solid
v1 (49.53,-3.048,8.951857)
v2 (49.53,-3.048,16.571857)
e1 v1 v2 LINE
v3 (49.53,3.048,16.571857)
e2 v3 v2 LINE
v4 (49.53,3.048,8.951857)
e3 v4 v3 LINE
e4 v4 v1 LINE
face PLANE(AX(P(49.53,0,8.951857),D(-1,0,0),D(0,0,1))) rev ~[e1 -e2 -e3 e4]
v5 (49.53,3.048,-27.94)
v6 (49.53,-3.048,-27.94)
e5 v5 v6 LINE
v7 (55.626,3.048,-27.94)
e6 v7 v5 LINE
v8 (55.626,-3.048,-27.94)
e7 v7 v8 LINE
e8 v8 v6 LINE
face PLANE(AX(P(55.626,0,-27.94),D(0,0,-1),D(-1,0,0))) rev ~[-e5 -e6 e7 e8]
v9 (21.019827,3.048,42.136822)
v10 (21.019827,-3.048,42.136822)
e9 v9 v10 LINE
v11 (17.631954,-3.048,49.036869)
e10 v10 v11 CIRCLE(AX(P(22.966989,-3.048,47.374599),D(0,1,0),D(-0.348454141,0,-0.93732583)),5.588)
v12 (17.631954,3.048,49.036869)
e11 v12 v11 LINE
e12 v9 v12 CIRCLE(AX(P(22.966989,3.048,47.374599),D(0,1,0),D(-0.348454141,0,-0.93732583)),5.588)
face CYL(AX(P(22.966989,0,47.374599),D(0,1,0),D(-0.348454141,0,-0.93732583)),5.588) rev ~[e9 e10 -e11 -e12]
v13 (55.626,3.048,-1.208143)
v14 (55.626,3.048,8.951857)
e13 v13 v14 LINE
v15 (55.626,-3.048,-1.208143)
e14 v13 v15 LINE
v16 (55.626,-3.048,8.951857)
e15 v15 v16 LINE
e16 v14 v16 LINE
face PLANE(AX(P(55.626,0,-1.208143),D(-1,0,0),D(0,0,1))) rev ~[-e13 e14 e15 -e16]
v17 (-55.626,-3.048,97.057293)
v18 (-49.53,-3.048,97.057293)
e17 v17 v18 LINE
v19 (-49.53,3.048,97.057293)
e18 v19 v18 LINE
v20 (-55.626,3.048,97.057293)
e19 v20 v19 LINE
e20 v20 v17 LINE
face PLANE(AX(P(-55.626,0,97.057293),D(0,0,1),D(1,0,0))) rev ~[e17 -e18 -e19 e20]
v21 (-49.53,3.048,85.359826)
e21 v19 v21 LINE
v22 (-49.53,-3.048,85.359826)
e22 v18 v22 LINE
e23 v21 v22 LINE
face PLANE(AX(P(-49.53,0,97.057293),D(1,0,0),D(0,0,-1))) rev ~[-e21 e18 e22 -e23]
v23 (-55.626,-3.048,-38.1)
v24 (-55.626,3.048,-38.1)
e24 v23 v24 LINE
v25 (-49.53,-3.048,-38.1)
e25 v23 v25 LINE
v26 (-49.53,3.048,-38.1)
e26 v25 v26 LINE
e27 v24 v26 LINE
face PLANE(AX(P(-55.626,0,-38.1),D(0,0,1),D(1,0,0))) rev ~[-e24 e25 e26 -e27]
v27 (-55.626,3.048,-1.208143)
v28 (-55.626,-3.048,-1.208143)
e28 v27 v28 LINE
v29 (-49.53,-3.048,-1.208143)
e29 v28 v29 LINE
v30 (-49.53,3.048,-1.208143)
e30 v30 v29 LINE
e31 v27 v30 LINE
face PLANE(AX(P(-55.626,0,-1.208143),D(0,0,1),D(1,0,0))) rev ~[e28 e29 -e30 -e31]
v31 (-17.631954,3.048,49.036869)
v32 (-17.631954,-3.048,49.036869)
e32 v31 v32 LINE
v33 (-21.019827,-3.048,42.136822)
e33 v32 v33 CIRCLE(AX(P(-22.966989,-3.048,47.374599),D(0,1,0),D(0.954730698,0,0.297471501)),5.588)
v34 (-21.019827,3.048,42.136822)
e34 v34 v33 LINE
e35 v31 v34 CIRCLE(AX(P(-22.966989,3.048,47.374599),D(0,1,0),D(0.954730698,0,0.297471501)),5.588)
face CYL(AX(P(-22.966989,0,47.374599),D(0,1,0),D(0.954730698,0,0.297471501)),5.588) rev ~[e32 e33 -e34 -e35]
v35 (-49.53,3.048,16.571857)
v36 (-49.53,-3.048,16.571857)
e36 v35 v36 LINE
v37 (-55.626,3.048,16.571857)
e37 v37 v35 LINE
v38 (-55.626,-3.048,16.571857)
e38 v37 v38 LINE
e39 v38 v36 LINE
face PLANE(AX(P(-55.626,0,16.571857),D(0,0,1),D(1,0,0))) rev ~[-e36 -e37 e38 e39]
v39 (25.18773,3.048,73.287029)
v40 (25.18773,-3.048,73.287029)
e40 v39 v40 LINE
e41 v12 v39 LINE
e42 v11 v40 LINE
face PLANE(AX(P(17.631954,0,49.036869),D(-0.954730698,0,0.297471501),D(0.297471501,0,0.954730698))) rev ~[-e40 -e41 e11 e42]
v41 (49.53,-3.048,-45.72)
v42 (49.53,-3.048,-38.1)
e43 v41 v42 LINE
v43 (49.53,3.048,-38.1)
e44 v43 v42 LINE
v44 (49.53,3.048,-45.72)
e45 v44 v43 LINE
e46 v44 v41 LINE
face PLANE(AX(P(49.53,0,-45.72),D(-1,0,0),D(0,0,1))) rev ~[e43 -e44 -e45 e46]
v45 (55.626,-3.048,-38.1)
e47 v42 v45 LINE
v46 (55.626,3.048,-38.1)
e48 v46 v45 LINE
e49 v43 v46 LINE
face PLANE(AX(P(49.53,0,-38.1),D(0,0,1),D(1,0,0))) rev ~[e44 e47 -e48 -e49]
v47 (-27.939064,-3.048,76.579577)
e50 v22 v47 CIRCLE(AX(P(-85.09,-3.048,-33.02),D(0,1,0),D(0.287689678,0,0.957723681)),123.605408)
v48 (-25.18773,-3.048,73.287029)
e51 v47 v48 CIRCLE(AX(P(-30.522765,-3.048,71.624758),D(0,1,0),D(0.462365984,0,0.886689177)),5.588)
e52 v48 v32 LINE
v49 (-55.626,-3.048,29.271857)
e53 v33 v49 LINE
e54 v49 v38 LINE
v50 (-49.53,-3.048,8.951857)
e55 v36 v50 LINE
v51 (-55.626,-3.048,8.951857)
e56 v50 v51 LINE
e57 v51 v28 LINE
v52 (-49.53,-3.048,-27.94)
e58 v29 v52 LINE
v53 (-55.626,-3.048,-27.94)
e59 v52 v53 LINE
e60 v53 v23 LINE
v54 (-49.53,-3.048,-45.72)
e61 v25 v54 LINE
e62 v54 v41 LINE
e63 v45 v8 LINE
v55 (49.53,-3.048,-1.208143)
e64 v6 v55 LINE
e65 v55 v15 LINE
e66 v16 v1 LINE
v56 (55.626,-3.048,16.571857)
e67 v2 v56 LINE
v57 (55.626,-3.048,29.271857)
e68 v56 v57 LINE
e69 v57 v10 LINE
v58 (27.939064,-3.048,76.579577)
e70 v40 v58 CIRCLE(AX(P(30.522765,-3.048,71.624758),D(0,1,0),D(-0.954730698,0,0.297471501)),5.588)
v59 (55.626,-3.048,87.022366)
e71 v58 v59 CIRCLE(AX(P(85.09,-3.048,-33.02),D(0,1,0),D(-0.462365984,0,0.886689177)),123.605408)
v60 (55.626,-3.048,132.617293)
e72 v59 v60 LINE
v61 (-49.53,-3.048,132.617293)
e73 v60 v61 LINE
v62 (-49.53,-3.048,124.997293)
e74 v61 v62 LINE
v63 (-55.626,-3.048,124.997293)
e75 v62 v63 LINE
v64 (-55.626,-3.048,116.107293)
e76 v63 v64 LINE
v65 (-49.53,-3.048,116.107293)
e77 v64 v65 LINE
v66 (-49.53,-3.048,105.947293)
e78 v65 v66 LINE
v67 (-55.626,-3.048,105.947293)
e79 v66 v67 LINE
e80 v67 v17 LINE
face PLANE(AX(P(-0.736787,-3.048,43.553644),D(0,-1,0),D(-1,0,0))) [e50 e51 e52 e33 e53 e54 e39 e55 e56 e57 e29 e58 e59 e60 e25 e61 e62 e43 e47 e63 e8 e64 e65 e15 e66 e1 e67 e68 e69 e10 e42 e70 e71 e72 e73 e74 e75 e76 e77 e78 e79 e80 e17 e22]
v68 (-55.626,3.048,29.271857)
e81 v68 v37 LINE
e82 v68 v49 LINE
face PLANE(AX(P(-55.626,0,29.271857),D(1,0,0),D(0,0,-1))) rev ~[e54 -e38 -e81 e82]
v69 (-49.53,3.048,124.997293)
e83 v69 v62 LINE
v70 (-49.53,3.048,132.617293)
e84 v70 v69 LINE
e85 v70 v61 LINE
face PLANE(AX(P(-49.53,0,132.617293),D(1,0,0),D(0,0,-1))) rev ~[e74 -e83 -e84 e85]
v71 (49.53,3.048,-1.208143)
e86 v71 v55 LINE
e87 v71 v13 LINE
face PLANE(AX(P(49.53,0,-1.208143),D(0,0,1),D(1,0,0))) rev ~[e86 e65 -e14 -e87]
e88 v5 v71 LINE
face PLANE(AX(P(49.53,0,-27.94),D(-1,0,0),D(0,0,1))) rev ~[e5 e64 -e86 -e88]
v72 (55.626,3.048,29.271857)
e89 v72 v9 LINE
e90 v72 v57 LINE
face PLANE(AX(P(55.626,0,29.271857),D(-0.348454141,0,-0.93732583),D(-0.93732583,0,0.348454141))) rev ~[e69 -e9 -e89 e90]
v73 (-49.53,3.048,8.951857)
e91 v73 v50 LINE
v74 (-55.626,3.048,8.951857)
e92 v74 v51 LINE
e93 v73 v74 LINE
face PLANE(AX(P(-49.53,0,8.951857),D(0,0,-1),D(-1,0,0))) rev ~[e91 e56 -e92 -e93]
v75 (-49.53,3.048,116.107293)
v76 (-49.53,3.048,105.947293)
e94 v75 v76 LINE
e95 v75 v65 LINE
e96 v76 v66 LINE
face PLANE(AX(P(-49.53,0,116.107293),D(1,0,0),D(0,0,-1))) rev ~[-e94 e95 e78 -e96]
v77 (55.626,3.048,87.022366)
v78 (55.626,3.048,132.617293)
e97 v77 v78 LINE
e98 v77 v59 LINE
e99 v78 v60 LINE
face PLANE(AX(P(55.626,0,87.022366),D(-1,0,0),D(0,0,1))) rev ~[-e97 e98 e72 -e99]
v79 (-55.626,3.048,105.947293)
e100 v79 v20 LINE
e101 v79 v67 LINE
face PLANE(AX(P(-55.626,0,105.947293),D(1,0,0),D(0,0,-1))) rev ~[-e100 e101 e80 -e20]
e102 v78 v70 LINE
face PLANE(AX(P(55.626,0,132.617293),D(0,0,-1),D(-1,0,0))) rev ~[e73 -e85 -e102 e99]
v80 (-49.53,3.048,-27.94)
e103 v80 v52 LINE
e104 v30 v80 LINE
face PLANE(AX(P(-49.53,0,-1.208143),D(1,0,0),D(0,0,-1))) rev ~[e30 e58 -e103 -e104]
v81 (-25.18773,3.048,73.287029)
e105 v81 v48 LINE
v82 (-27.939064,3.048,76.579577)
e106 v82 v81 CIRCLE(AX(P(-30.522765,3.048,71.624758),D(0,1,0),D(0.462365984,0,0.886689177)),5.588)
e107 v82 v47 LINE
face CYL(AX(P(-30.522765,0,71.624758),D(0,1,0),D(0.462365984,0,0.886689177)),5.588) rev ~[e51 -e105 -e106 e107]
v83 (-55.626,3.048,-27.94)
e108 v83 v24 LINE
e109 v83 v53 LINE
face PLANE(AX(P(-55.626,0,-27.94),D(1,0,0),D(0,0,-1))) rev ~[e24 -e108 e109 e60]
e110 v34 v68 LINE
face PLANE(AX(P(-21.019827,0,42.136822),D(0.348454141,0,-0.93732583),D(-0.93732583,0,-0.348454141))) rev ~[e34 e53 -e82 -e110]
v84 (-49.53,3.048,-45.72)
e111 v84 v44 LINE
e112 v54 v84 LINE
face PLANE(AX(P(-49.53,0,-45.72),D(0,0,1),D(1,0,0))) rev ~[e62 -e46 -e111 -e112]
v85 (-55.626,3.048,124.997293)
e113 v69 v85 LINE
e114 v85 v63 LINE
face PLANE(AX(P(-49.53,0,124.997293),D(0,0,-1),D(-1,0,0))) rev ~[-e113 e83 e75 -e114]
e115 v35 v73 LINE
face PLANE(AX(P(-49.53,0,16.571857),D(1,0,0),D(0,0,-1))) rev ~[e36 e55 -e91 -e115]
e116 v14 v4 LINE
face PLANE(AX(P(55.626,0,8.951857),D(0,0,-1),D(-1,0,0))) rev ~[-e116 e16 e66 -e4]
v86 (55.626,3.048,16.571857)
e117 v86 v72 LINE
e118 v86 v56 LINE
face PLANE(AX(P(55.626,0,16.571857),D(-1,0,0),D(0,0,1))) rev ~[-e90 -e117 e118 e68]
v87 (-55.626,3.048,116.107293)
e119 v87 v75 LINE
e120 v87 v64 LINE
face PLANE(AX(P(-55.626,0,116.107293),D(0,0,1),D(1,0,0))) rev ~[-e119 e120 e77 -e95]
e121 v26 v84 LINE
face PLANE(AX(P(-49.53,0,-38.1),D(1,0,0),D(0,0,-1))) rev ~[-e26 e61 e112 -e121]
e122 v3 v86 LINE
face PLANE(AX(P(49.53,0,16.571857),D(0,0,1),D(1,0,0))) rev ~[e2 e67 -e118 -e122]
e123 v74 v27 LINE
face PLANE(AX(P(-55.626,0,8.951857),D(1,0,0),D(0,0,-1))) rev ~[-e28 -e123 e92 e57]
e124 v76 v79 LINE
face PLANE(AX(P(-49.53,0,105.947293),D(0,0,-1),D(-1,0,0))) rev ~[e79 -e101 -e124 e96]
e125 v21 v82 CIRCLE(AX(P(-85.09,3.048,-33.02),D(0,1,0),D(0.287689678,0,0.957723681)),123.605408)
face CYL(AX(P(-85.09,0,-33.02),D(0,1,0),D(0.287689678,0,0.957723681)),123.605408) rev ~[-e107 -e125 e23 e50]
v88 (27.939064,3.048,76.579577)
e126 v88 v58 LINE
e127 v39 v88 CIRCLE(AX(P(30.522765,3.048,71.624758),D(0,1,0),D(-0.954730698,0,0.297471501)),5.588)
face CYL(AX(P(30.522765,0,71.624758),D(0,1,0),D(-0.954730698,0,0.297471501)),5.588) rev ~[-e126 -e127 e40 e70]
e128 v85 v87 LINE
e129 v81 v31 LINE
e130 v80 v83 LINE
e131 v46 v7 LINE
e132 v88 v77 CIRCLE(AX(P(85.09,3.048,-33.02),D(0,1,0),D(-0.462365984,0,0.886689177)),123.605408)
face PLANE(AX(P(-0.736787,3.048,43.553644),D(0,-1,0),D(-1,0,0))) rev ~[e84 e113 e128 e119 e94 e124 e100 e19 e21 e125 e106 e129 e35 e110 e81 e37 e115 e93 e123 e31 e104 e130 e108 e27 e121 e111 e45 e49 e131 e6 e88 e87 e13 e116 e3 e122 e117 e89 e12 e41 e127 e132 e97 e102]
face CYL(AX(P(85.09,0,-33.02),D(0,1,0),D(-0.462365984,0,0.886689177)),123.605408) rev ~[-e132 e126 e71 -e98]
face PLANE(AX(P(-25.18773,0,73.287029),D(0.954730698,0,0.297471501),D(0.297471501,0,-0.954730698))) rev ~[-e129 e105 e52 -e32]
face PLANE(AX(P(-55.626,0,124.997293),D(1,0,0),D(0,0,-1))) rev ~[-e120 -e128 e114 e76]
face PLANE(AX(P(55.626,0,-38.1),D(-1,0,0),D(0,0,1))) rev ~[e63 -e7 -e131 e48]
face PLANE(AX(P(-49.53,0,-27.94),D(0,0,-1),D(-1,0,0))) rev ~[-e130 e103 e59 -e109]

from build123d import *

# Parameters (mm, degrees)
BOSS_EXTRUDE1_DEPTH = 3.048


with BuildPart() as part:
    # Sketch1 → Boss-Extrude1 (new, symmetric)
    with BuildSketch(Plane(origin=(0, 0, 0), x_dir=(1, 0, 0), z_dir=(0, 1, 0))):
        with BuildLine():
            Line((-49.53, 45.72), (49.53, 45.72))
            Line((49.53, 45.72), (49.53, 38.1))
            Line((49.53, 38.1), (55.626, 38.1))
            Line((55.626, 38.1), (55.626, 27.94))
            Line((55.626, 27.94), (49.53, 27.94))
            Line((49.53, 27.94), (49.53, 1.208143374))
            Line((49.53, 1.208143374), (55.626, 1.208143374))
            Line((55.626, 1.208143374), (55.626, -8.951856626))
            Line((55.626, -8.951856626), (49.53, -8.951856626))
            Line((49.53, -8.951856626), (49.53, -16.571856626))
            Line((49.53, -16.571856626), (55.626, -16.571856626))
            Line((55.626, -16.571856626), (55.626, -29.271856626))
            Line((55.626, -29.271856626), (21.019827136, -42.136821893))
            ThreePointArc((21.019827136, -42.136821893), (17.95098831, -44.911778638), (17.631953735, -49.036869377))
            Line((17.631953735, -49.036869377), (25.187729856, -73.287029113))
            ThreePointArc((25.187729856, -73.287029113), (26.234780075, -75.207903536), (27.939063878, -76.579577488))
            ThreePointArc((27.939063878, -76.579577488), (41.468907088, -82.632484358), (55.626, -87.022365809))
            Line((55.626, -87.022365809), (55.626, -132.617292876))
            Line((55.626, -132.617292876), (-49.53, -132.617292876))
            Line((-49.53, -132.617292876), (-49.53, -124.997292876))
            Line((-49.53, -124.997292876), (-55.626, -124.997292876))
            Line((-55.626, -124.997292876), (-55.626, -116.107292876))
            Line((-55.626, -116.107292876), (-49.53, -116.107292876))
            Line((-49.53, -116.107292876), (-49.53, -105.947292876))
            Line((-49.53, -105.947292876), (-55.626, -105.947292876))
            Line((-55.626, -105.947292876), (-55.626, -97.057292876))
            Line((-55.626, -97.057292876), (-49.53, -97.057292876))
            Line((-49.53, -97.057292876), (-49.53, -85.359826344))
            ThreePointArc((-49.53, -85.359826344), (-38.527111219, -81.479756652), (-27.939063878, -76.579577488))
            ThreePointArc((-27.939063878, -76.579577488), (-26.234780075, -75.207903536), (-25.187729856, -73.287029113))
            Line((-25.187729856, -73.287029113), (-17.631953735, -49.036869377))
            ThreePointArc((-17.631953735, -49.036869377), (-17.95098831, -44.911778638), (-21.019827136, -42.136821893))
            Line((-21.019827136, -42.136821893), (-55.626, -29.271856626))
            Line((-55.626, -29.271856626), (-55.626, -16.571856626))
            Line((-55.626, -16.571856626), (-49.53, -16.571856626))
            Line((-49.53, -16.571856626), (-49.53, -8.951856626))
            Line((-49.53, -8.951856626), (-55.626, -8.951856626))
            Line((-55.626, -8.951856626), (-55.626, 1.208143374))
            Line((-55.626, 1.208143374), (-49.53, 1.208143374))
            Line((-49.53, 1.208143374), (-49.53, 27.94))
            Line((-49.53, 27.94), (-55.626, 27.94))
            Line((-55.626, 27.94), (-55.626, 38.1))
            Line((-55.626, 38.1), (-49.53, 38.1))
            Line((-49.53, 38.1), (-49.53, 45.72))
        make_face()
    extrude(amount=BOSS_EXTRUDE1_DEPTH, both=True)


solid = part.part
